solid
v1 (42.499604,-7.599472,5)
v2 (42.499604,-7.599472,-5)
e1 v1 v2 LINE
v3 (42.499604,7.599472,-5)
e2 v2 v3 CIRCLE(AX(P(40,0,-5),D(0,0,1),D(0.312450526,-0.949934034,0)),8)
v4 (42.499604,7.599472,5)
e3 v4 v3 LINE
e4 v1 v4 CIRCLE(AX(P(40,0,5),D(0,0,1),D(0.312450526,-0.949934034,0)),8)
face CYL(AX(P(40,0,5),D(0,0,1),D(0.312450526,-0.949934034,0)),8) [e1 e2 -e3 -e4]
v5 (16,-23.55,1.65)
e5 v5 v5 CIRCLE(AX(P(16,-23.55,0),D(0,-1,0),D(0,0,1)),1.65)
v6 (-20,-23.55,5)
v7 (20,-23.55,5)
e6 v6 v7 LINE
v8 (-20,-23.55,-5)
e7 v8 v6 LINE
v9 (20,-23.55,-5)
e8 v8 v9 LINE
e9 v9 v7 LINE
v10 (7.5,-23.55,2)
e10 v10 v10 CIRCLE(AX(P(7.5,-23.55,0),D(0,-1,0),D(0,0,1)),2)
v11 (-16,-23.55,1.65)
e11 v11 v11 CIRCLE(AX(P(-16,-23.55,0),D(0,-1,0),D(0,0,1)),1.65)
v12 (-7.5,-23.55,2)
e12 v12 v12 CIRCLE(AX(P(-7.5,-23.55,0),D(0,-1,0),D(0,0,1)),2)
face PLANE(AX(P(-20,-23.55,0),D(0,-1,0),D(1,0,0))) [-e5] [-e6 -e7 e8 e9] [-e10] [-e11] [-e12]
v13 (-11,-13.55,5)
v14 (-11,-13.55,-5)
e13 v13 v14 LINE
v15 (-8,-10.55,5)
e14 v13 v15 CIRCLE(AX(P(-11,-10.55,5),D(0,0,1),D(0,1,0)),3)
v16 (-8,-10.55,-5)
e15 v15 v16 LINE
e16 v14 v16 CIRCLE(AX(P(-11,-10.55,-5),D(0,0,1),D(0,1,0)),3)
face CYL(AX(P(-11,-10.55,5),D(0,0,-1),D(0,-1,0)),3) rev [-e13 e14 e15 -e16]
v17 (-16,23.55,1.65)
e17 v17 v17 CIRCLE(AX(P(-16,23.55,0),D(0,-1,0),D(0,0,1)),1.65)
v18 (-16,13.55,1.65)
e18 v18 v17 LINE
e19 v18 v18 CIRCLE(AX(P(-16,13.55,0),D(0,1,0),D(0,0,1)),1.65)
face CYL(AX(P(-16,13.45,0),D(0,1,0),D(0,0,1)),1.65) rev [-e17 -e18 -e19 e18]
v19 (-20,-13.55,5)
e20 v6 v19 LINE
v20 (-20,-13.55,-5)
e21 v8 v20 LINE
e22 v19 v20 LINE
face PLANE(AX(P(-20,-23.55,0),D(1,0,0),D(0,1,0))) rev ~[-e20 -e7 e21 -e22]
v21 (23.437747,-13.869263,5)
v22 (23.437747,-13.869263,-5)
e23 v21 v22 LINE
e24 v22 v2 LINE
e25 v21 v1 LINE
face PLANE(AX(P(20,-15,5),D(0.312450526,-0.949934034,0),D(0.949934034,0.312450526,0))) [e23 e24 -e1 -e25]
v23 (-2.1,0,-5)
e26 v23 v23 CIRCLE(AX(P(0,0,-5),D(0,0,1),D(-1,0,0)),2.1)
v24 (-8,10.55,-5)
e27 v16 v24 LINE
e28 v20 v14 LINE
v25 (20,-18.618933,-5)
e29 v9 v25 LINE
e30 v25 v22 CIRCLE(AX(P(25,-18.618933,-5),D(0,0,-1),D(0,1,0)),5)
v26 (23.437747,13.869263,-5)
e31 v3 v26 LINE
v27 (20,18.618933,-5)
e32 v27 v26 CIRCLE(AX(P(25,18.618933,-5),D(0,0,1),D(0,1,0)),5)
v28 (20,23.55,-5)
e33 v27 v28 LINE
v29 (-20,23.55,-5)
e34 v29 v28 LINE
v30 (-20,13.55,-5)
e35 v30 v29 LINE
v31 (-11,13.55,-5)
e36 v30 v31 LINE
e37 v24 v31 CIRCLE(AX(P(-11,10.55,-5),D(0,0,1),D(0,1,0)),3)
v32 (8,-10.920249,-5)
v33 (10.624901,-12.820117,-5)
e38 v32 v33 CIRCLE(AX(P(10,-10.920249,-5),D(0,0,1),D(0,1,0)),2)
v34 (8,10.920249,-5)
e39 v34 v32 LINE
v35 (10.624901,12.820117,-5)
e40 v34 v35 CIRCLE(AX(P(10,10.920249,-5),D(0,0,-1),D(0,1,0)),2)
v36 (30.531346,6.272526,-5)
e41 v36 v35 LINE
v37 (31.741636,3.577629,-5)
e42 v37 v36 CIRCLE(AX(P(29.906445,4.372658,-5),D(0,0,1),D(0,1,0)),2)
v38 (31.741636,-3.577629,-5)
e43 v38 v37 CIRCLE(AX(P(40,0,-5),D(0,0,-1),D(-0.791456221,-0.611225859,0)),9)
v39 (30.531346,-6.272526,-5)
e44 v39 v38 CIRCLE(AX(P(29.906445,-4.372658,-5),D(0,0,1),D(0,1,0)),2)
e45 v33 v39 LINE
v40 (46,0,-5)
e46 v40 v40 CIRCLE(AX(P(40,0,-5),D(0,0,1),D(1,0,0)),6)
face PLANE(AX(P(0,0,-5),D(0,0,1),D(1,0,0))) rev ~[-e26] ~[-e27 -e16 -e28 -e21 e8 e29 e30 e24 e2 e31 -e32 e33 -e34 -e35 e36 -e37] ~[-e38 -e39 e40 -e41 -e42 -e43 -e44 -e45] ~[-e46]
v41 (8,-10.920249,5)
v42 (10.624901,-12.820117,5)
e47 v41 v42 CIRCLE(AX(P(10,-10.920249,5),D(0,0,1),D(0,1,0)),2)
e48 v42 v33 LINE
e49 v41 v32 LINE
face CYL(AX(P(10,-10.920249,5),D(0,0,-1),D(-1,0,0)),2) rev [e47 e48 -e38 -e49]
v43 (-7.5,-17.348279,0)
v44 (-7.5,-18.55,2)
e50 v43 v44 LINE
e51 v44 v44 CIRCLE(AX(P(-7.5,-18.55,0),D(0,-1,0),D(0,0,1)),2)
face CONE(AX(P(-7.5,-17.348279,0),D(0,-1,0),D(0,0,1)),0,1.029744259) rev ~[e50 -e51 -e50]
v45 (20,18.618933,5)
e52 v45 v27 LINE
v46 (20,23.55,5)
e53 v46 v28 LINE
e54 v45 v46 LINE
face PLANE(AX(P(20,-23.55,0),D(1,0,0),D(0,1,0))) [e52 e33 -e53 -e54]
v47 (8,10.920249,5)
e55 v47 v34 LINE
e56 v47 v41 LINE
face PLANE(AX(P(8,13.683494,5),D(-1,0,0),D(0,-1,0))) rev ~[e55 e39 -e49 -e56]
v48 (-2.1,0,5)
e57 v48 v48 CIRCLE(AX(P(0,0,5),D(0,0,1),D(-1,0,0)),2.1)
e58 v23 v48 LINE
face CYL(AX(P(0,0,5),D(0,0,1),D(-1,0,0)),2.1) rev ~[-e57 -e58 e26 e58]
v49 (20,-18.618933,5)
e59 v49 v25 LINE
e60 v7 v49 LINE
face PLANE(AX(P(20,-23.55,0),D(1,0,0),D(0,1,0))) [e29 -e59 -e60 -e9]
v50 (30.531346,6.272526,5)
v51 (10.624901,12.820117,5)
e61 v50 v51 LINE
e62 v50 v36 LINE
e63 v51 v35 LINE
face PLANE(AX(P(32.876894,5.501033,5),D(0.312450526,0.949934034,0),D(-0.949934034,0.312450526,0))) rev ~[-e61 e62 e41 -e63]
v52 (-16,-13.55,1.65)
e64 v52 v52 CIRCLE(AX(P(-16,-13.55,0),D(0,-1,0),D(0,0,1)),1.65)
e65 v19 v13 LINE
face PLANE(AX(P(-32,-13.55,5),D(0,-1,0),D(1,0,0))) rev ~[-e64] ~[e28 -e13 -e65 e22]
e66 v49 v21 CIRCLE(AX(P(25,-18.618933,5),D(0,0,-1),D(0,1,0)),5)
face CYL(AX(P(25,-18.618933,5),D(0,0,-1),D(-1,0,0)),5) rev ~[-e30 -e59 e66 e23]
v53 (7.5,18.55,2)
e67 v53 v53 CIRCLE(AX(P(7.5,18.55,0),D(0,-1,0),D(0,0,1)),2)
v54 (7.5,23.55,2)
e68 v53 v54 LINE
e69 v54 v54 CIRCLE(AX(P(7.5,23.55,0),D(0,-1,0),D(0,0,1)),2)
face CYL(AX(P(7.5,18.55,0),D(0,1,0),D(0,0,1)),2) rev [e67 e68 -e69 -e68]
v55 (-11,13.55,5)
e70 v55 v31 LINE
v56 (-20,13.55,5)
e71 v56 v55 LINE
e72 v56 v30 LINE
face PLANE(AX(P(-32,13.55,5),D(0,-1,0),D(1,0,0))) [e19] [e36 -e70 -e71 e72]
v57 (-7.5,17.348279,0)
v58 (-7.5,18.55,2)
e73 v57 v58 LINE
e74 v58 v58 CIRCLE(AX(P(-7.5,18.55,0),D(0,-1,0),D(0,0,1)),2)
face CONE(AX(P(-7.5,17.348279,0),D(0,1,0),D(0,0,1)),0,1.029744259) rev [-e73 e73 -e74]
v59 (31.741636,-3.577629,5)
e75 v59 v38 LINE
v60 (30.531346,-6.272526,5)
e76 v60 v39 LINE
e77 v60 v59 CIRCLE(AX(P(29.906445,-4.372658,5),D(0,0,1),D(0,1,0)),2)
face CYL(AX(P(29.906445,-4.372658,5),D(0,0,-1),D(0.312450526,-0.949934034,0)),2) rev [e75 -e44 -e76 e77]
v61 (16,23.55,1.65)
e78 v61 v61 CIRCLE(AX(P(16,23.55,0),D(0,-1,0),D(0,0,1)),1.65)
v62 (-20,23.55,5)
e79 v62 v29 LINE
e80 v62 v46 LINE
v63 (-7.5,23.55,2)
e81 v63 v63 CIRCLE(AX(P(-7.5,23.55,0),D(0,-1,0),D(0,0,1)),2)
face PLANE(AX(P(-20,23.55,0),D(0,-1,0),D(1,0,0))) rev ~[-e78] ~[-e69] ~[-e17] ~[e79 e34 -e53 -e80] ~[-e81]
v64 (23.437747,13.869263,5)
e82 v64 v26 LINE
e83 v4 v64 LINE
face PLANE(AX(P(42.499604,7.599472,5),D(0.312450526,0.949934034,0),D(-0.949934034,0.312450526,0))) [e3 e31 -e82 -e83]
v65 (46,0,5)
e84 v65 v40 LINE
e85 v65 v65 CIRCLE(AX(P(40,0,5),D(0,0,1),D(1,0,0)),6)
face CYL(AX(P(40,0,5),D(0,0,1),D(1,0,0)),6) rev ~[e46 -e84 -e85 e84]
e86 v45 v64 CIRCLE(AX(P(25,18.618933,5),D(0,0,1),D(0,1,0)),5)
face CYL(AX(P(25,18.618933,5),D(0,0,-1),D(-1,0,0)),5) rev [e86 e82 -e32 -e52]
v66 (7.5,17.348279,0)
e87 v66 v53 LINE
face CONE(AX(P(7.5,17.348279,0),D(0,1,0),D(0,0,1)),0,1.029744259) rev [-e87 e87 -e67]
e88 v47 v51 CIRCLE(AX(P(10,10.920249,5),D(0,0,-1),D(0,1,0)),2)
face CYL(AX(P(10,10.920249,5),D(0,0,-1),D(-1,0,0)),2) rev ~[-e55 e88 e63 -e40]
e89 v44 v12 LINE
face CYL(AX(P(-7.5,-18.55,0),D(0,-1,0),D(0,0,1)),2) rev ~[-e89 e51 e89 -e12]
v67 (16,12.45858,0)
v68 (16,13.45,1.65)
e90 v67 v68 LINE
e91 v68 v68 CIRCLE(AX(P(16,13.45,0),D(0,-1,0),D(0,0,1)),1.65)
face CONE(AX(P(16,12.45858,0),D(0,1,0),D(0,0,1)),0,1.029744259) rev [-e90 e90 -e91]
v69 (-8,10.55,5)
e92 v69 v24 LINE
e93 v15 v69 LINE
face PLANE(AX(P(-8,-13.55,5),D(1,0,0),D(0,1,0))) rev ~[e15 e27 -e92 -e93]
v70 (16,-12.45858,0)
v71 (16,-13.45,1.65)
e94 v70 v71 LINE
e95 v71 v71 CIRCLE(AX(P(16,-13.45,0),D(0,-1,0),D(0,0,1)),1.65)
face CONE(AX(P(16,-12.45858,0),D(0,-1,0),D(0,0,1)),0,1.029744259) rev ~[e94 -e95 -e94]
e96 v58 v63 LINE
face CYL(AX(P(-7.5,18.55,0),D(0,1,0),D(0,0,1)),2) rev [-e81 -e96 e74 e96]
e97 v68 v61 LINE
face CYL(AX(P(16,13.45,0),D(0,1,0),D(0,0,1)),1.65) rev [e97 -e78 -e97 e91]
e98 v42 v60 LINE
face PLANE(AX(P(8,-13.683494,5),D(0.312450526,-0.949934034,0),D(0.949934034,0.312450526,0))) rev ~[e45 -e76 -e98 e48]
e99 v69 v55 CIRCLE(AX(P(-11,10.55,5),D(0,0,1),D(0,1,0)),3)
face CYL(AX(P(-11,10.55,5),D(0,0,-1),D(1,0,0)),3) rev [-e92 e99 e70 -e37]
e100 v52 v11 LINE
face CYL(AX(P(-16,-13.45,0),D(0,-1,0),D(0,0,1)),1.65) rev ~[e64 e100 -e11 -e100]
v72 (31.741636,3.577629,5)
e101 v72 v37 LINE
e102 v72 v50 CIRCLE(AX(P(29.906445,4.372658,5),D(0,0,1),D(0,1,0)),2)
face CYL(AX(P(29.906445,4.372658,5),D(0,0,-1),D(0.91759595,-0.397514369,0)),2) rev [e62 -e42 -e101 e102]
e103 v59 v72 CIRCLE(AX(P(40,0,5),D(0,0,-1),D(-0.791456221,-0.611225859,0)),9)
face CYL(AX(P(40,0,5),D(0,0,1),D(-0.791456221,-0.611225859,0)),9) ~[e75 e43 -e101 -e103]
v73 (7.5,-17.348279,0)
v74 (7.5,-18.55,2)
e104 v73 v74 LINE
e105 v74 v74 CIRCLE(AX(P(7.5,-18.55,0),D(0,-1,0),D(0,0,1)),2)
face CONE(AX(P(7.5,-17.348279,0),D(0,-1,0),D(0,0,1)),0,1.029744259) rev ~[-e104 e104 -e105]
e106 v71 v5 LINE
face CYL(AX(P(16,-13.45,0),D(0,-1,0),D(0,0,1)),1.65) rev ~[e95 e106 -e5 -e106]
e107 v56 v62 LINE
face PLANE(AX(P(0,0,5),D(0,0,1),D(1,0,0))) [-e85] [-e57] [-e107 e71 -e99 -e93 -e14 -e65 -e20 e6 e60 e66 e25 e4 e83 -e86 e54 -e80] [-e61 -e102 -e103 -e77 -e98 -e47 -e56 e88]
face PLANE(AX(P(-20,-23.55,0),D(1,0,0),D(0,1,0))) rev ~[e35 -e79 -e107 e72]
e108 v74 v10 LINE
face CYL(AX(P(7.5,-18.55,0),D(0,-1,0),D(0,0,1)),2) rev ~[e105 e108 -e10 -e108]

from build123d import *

# Parameters (mm, degrees)
SKETCH_1_W                  = 40
SKETCH_1_H                  = 47.1
EXTRUDE_1_DEPTH             = 5
HOLE_WIZARD_M4_1_AT_2_COUNT = 2
HOLE_WIZARD_M4_1_AT_2_PITCH = 32
SKETCH_5_R                  = 2.1
CUT_EXTRUDE_M5_DEPTH        = 25
SKETCH_6_R                  = 6
EXTRUDE_1739_DEPTH          = 10
FILLET_1_R                  = 5
SKETCH_7_W                  = 24
SKETCH_7_H                  = 27.1
CUT_EXTRUDE_1_DEPTH         = 10
FILLET_2_R                  = 3
F_4_0MM_1_AT_2_COUNT        = 2
F_4_0MM_1_AT_2_PITCH        = 15
CUT_EXTRUDE_3_DEPTH         = 10
FILLET_3_R                  = 2


with BuildPart() as part:
    # 草图1 → 凸台-拉伸1 (new, symmetric)
    with BuildSketch(Plane.XY):
        Rectangle(SKETCH_1_W, SKETCH_1_H)
    extrude(amount=EXTRUDE_1_DEPTH, both=True)

    # 草图4 → M4 螺纹孔1 (revolve, cut)
    with BuildSketch(Plane(origin=(-16, 23.55, 0), x_dir=(0, 0, 1), z_dir=(1, 0, 0))):
        Polygon((0, 0), (0, 11.091420021), (1.65, 10.1), (1.65, 0), align=None)
    hole_wizard_m4_1 = revolve(axis=Axis((-16, 29.9, 0), (0, -1, 0)), mode=Mode.SUBTRACT)

    # M4 螺纹孔1 at 2: M4 螺纹孔1 ×2
    with Locations(*[(i * HOLE_WIZARD_M4_1_AT_2_PITCH, 0, 0) for i in range(1, HOLE_WIZARD_M4_1_AT_2_COUNT)]):
        add(hole_wizard_m4_1, mode=Mode.SUBTRACT)

    # 镜向1: M4 螺纹孔1 across plane
    add(hole_wizard_m4_1.mirror(Plane.ZX), mode=Mode.SUBTRACT)

    # 镜向1 copy 1 sketch → 镜向1 copy 1 (revolve, cut)
    with BuildSketch(Plane(origin=(16, -23.55, 0), x_dir=(0, 0, 1), z_dir=(1, 0, 0))):
        Polygon((0, 0), (0, -11.091420021), (1.65, -10.1), (1.65, 0), align=None)
    revolve(axis=Axis((16, -29.9, 0), (0, -1, 0)), mode=Mode.SUBTRACT)

    # 草图5 → M5螺纹孔 (cut, symmetric)
    with BuildSketch(Plane.XY.offset(5)):
        with Locations(Location((0, 0, 0), (0, 0, 180))):
            Circle(SKETCH_5_R)
    extrude(amount=CUT_EXTRUDE_M5_DEPTH, both=True, mode=Mode.SUBTRACT)

    # 草图6 → Extrude 1739 (add)
    with BuildSketch(Plane.XY.offset(5)):
        with BuildLine():
            Line((42.499604204, 7.599472273), (20, 15))
            Line((20, 15), (20, -15))
            Line((20, -15), (42.499604204, -7.599472273))
            ThreePointArc((42.499604204, -7.599472273), (48, 0), (42.499604204, 7.599472273))
        make_face()
        with Locations((40, 0)):
            Circle(SKETCH_6_R, mode=Mode.SUBTRACT)
    extrude(amount=-EXTRUDE_1739_DEPTH)

    # 圆角1
    fillet_1_edges = [part.edges().sort_by_distance(p)[0] for p in [
        (20, -15, 0),
        (20, 15, 0),
    ]]
    fillet(fillet_1_edges, radius=FILLET_1_R)

    # 草图7 → 切除-拉伸1 (cut)
    with BuildSketch(Plane.XY.offset(5)):
        with Locations((-20, 0)):
            Rectangle(SKETCH_7_W, SKETCH_7_H)
    extrude(amount=-CUT_EXTRUDE_1_DEPTH, mode=Mode.SUBTRACT)

    # 圆角2
    fillet_2_edges = [part.edges().sort_by_distance(p)[0] for p in [
        (-8, -13.55, 0),
        (-8, 13.55, 0),
    ]]
    fillet(fillet_2_edges, radius=FILLET_2_R)

    # 草图11 → Ø4.0mm 暗销孔1 (revolve, cut)
    with BuildSketch(Plane(origin=(-7.5, 23.55, 0), x_dir=(0, 0, 1), z_dir=(1, 0, 0))):
        Polygon((0, 0), (0, 6.201721238), (2, 5), (2, 0), align=None)
    f_4_0mm_1 = revolve(axis=Axis((-7.5, 29.9, 0), (0, -1, 0)), mode=Mode.SUBTRACT)

    # Ø4.0mm 暗销孔1 at 2: Ø4.0mm 暗销孔1 ×2
    with Locations(*[(i * F_4_0MM_1_AT_2_PITCH, 0, 0) for i in range(1, F_4_0MM_1_AT_2_COUNT)]):
        add(f_4_0mm_1, mode=Mode.SUBTRACT)

    # 镜向3: Ø4.0mm 暗销孔1 across plane
    add(f_4_0mm_1.mirror(Plane.ZX), mode=Mode.SUBTRACT)

    # 镜向3 copy 1 sketch → 镜向3 copy 1 (revolve, cut)
    with BuildSketch(Plane(origin=(7.5, -23.55, 0), x_dir=(0, 0, 1), z_dir=(1, 0, 0))):
        Polygon((0, 0), (0, -6.201721238), (2, -5), (2, 0), align=None)
    revolve(axis=Axis((7.5, -29.9, 0), (0, -1, 0)), mode=Mode.SUBTRACT)

    # 草图12 → 切除-拉伸3 (cut)
    with BuildSketch(Plane.XY.offset(5)):
        with BuildLine():
            Line((8, 13.683494171), (8, -13.683494171))
            Line((8, -13.683494171), (32.876894011, -5.501032727))
            ThreePointArc((32.876894011, -5.501032727), (31, 0), (32.876894011, 5.501032727))
            Line((32.876894011, 5.501032727), (8, 13.683494171))
        make_face()
    extrude(amount=-CUT_EXTRUDE_3_DEPTH, mode=Mode.SUBTRACT)

    # 圆角3
    fillet_3_edges = [part.edges().sort_by_distance(p)[0] for p in [
        (8, 13.683494171, 0),
        (32.876894011, 5.501032727, 0),
        (32.876894011, -5.501032727, 0),
        (8, -13.683494171, 0),
    ]]
    fillet(fillet_3_edges, radius=FILLET_3_R)


solid = part.part
